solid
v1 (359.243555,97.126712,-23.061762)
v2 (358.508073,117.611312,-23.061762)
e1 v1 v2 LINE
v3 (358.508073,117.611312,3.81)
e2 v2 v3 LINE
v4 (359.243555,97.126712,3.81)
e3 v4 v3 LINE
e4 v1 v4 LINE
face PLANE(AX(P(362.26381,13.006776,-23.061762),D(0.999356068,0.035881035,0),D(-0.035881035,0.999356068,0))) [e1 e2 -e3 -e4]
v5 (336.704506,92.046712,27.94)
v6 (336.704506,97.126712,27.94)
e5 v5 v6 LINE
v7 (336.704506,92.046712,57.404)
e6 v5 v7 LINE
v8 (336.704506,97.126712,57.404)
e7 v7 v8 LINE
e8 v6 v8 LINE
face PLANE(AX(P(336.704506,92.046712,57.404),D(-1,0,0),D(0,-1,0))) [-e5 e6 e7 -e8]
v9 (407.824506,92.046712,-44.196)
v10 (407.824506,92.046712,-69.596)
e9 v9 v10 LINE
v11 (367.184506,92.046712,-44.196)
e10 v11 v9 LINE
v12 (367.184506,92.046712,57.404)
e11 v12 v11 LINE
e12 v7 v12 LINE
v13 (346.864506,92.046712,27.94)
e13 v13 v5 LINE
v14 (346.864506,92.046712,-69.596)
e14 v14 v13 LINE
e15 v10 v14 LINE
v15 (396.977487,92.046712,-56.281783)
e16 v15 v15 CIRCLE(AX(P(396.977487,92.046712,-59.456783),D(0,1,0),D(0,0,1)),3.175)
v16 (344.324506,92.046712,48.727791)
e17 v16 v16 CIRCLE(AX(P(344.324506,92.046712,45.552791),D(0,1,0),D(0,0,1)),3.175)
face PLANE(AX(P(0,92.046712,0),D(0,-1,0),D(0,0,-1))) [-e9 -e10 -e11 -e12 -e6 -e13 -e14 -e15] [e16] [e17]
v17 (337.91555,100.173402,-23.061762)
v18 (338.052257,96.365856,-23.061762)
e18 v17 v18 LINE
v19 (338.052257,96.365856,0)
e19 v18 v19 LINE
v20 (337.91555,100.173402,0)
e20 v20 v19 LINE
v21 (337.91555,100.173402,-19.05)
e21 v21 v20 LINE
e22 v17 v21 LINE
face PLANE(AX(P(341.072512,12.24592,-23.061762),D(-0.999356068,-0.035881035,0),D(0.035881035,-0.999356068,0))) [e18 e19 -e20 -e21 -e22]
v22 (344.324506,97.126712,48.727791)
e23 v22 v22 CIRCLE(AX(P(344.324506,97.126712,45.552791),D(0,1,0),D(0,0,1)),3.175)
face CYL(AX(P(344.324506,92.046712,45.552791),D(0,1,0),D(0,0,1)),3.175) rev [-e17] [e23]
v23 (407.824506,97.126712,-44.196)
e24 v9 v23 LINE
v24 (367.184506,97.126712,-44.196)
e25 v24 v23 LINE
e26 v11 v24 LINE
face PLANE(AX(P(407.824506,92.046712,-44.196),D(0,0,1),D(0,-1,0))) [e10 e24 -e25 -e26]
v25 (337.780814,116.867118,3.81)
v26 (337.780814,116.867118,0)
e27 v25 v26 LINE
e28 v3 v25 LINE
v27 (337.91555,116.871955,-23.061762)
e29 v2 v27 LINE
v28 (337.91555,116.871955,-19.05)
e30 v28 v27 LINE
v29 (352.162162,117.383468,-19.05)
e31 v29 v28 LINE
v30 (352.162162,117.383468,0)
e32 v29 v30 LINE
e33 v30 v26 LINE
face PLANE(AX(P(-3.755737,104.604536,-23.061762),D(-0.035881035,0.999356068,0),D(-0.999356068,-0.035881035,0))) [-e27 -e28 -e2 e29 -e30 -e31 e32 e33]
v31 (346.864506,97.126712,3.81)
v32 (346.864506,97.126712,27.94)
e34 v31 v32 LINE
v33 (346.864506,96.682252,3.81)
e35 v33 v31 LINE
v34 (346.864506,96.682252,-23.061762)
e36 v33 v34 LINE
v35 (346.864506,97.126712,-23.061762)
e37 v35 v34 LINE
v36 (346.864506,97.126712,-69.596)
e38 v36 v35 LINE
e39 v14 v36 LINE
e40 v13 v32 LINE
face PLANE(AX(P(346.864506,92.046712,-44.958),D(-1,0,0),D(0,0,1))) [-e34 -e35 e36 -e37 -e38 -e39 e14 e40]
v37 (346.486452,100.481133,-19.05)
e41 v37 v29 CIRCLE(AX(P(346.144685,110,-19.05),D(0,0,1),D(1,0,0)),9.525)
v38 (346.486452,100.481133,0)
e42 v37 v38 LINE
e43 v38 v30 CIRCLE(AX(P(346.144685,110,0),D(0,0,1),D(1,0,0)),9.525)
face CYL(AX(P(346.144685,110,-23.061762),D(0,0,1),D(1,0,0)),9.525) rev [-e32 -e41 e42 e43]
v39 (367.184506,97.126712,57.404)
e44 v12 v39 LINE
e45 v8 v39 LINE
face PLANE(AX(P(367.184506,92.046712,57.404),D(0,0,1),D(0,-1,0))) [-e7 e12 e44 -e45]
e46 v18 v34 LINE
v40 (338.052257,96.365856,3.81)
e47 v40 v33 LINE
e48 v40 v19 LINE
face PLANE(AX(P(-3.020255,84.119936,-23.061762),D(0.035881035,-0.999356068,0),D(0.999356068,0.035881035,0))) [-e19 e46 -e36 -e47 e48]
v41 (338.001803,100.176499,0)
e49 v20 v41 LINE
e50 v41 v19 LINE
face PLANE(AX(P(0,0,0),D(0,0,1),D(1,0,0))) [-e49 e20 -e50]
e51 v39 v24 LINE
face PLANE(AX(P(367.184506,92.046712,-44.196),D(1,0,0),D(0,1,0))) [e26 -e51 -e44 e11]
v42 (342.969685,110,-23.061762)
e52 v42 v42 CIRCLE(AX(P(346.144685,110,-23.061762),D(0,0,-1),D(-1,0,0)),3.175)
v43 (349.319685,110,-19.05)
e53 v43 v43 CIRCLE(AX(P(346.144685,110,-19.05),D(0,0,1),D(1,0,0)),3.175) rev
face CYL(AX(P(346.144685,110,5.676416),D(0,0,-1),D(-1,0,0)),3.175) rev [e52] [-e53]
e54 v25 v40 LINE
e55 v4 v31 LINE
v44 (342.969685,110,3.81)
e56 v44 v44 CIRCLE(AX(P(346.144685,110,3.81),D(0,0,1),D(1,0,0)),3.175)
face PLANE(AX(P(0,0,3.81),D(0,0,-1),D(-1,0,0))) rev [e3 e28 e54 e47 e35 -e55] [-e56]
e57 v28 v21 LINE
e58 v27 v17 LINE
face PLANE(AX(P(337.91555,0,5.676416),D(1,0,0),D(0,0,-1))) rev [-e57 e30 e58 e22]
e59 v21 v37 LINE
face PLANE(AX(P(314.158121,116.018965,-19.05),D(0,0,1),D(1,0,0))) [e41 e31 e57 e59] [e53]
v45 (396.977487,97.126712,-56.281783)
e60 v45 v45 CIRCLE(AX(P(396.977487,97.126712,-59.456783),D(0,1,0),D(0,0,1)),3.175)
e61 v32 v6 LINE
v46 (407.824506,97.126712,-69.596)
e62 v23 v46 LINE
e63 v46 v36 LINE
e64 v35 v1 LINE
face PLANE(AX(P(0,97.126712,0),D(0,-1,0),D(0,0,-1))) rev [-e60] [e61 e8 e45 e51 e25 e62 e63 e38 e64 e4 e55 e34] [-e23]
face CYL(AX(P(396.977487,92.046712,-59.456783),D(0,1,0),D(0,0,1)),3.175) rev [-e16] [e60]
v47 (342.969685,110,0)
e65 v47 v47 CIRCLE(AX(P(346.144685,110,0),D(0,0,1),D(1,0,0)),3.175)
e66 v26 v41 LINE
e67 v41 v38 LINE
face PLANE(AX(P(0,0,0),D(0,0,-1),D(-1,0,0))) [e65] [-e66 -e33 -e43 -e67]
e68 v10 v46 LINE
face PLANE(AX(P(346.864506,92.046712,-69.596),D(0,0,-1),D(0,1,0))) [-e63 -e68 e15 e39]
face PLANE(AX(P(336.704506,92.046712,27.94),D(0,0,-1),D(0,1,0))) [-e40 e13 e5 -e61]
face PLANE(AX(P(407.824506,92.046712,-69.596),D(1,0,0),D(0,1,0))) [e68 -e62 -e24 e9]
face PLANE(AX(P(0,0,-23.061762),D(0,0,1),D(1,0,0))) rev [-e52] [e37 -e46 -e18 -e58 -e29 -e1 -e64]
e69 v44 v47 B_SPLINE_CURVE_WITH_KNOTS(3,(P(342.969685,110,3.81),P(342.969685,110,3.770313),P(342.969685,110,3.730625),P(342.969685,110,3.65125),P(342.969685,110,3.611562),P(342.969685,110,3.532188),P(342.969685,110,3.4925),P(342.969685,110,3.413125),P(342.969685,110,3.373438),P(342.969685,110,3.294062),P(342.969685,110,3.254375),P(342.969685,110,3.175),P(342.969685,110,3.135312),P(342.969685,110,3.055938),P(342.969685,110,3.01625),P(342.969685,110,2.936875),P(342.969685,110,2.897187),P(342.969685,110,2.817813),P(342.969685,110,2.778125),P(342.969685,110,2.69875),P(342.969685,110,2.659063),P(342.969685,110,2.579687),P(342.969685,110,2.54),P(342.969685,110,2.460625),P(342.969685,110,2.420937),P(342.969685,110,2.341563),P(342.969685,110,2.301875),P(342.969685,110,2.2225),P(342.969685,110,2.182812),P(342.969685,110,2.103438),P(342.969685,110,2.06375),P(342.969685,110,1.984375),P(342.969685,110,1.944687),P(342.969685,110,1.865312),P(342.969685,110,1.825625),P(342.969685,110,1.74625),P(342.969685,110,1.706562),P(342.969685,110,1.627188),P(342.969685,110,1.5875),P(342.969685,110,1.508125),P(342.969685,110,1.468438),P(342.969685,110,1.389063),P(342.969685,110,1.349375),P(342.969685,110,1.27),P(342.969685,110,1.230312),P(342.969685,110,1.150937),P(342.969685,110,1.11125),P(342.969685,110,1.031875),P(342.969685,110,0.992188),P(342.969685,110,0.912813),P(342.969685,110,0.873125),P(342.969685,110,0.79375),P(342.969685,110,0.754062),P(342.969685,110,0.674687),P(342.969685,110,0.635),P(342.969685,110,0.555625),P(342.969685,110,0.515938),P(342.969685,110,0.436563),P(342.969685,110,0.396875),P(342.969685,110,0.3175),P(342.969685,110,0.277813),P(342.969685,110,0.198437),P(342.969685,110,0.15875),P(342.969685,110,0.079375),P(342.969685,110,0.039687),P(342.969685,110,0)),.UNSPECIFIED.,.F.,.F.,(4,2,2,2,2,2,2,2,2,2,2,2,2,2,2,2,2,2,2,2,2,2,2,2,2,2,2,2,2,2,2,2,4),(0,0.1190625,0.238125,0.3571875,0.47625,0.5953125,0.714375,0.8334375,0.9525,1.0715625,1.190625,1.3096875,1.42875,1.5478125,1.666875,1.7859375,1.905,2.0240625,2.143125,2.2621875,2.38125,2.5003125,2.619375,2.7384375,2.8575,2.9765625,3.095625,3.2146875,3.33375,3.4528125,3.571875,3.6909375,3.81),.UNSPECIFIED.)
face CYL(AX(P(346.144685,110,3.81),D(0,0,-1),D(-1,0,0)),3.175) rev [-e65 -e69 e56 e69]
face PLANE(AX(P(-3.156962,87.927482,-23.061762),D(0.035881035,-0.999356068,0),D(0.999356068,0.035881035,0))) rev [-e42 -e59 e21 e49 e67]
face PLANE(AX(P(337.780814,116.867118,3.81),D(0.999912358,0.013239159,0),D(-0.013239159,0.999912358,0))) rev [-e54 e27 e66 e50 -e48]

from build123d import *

# Parameters (mm, degrees)
BOSS_EXTRUDE2_DEPTH = 23.061761584
BOSS_EXTRUDE3_START = -4.011761584
SKETCH5_R           = 3.175
BOSS_EXTRUDE3_DEPTH = 4.011761584
BOSS_EXTRUDE5_START = 3.81
SKETCH6_R           = 3.175
BOSS_EXTRUDE5_DEPTH = 3.81
SKETCH7_R           = 3.175
BOSS_EXTRUDE6_DEPTH = 5.08


with BuildPart() as part:
    # Sketch1 → Boss-Extrude2 (new body)
    with BuildSketch(Plane.XY):
        with BuildLine():
            Line((346.486451601, 100.481133449), (337.915550261, 100.173402481))
            Line((337.915550261, 100.173402481), (338.052257003, 96.365855861))
            Line((338.052257003, 96.365855861), (359.243555017, 97.126711503))
            Line((359.243555017, 97.126711503), (358.508072741, 117.611312321))
            Line((358.508072741, 117.611312321), (352.162161707, 117.383467749))
            ThreePointArc((352.162161707, 117.383467749), (355.663551295, 110.341766857), (352.67617906, 103.067092457))
            ThreePointArc((352.67617906, 103.067092457), (349.816499797, 101.211177598), (346.486451601, 100.481133449))
        make_face()
    extrude(amount=-BOSS_EXTRUDE2_DEPTH)

    # Sketch5 → Boss-Extrude3 (add)
    with BuildSketch(Plane(origin=(0, 0, -23.061761584), x_dir=(-1, 0, 0), z_dir=(0, 0, -1)).offset(BOSS_EXTRUDE3_START)):
        with BuildLine():
            Line((-337.915550261, 116.871955208), (-337.915550261, 100.173402481))
            Line((-337.915550261, 100.173402481), (-346.486451601, 100.481133449))
            ThreePointArc((-346.486451601, 100.481133449), (-355.174204205, 106.967937449), (-352.162161707, 117.383467749))
            Line((-352.162161707, 117.383467749), (-337.915550261, 116.871955208))
        make_face()
        with Locations((-346.144684744, 110)):
            Circle(SKETCH5_R, mode=Mode.SUBTRACT)
    extrude(amount=BOSS_EXTRUDE3_DEPTH)

    # Sketch6 → Boss-Extrude5 (add)
    with BuildSketch(Plane.XY.offset(BOSS_EXTRUDE5_START)):
        Polygon((337.780813741, 116.867117607), (338.052257003, 96.365855861), (359.243555017, 97.126711503), (358.508072741, 117.611312321), align=None)
        with Locations(Location((346.144684744, 110, 0), (0, 0, 180))):
            Circle(SKETCH6_R, mode=Mode.SUBTRACT)
    extrude(amount=-BOSS_EXTRUDE5_DEPTH)

    # Sketch7 → Boss-Extrude6 (add)
    with BuildSketch(Plane(origin=(0, 97.126711503, 0), x_dir=(1, 0, 0), z_dir=(0, 1, 0))):
        Polygon((367.184506183, -32.004), (367.184506183, -57.404), (336.704506183, -57.404), (336.704506183, -27.94), (346.864506183, -27.94), (346.864506183, 44.958), (346.864506183, 69.596), (407.824506183, 69.596), (407.824506183, 44.196), (367.184506183, 44.196), align=None)
        with Locations(Location((396.977487406, 59.456782771, 0), (0, 0, 270))):
            Circle(SKETCH7_R, mode=Mode.SUBTRACT)
        with Locations(Location((344.324506183, -45.552790878, 0), (0, 0, 270))):
            Circle(SKETCH7_R, mode=Mode.SUBTRACT)
    extrude(amount=-BOSS_EXTRUDE6_DEPTH)


solid = part.part
